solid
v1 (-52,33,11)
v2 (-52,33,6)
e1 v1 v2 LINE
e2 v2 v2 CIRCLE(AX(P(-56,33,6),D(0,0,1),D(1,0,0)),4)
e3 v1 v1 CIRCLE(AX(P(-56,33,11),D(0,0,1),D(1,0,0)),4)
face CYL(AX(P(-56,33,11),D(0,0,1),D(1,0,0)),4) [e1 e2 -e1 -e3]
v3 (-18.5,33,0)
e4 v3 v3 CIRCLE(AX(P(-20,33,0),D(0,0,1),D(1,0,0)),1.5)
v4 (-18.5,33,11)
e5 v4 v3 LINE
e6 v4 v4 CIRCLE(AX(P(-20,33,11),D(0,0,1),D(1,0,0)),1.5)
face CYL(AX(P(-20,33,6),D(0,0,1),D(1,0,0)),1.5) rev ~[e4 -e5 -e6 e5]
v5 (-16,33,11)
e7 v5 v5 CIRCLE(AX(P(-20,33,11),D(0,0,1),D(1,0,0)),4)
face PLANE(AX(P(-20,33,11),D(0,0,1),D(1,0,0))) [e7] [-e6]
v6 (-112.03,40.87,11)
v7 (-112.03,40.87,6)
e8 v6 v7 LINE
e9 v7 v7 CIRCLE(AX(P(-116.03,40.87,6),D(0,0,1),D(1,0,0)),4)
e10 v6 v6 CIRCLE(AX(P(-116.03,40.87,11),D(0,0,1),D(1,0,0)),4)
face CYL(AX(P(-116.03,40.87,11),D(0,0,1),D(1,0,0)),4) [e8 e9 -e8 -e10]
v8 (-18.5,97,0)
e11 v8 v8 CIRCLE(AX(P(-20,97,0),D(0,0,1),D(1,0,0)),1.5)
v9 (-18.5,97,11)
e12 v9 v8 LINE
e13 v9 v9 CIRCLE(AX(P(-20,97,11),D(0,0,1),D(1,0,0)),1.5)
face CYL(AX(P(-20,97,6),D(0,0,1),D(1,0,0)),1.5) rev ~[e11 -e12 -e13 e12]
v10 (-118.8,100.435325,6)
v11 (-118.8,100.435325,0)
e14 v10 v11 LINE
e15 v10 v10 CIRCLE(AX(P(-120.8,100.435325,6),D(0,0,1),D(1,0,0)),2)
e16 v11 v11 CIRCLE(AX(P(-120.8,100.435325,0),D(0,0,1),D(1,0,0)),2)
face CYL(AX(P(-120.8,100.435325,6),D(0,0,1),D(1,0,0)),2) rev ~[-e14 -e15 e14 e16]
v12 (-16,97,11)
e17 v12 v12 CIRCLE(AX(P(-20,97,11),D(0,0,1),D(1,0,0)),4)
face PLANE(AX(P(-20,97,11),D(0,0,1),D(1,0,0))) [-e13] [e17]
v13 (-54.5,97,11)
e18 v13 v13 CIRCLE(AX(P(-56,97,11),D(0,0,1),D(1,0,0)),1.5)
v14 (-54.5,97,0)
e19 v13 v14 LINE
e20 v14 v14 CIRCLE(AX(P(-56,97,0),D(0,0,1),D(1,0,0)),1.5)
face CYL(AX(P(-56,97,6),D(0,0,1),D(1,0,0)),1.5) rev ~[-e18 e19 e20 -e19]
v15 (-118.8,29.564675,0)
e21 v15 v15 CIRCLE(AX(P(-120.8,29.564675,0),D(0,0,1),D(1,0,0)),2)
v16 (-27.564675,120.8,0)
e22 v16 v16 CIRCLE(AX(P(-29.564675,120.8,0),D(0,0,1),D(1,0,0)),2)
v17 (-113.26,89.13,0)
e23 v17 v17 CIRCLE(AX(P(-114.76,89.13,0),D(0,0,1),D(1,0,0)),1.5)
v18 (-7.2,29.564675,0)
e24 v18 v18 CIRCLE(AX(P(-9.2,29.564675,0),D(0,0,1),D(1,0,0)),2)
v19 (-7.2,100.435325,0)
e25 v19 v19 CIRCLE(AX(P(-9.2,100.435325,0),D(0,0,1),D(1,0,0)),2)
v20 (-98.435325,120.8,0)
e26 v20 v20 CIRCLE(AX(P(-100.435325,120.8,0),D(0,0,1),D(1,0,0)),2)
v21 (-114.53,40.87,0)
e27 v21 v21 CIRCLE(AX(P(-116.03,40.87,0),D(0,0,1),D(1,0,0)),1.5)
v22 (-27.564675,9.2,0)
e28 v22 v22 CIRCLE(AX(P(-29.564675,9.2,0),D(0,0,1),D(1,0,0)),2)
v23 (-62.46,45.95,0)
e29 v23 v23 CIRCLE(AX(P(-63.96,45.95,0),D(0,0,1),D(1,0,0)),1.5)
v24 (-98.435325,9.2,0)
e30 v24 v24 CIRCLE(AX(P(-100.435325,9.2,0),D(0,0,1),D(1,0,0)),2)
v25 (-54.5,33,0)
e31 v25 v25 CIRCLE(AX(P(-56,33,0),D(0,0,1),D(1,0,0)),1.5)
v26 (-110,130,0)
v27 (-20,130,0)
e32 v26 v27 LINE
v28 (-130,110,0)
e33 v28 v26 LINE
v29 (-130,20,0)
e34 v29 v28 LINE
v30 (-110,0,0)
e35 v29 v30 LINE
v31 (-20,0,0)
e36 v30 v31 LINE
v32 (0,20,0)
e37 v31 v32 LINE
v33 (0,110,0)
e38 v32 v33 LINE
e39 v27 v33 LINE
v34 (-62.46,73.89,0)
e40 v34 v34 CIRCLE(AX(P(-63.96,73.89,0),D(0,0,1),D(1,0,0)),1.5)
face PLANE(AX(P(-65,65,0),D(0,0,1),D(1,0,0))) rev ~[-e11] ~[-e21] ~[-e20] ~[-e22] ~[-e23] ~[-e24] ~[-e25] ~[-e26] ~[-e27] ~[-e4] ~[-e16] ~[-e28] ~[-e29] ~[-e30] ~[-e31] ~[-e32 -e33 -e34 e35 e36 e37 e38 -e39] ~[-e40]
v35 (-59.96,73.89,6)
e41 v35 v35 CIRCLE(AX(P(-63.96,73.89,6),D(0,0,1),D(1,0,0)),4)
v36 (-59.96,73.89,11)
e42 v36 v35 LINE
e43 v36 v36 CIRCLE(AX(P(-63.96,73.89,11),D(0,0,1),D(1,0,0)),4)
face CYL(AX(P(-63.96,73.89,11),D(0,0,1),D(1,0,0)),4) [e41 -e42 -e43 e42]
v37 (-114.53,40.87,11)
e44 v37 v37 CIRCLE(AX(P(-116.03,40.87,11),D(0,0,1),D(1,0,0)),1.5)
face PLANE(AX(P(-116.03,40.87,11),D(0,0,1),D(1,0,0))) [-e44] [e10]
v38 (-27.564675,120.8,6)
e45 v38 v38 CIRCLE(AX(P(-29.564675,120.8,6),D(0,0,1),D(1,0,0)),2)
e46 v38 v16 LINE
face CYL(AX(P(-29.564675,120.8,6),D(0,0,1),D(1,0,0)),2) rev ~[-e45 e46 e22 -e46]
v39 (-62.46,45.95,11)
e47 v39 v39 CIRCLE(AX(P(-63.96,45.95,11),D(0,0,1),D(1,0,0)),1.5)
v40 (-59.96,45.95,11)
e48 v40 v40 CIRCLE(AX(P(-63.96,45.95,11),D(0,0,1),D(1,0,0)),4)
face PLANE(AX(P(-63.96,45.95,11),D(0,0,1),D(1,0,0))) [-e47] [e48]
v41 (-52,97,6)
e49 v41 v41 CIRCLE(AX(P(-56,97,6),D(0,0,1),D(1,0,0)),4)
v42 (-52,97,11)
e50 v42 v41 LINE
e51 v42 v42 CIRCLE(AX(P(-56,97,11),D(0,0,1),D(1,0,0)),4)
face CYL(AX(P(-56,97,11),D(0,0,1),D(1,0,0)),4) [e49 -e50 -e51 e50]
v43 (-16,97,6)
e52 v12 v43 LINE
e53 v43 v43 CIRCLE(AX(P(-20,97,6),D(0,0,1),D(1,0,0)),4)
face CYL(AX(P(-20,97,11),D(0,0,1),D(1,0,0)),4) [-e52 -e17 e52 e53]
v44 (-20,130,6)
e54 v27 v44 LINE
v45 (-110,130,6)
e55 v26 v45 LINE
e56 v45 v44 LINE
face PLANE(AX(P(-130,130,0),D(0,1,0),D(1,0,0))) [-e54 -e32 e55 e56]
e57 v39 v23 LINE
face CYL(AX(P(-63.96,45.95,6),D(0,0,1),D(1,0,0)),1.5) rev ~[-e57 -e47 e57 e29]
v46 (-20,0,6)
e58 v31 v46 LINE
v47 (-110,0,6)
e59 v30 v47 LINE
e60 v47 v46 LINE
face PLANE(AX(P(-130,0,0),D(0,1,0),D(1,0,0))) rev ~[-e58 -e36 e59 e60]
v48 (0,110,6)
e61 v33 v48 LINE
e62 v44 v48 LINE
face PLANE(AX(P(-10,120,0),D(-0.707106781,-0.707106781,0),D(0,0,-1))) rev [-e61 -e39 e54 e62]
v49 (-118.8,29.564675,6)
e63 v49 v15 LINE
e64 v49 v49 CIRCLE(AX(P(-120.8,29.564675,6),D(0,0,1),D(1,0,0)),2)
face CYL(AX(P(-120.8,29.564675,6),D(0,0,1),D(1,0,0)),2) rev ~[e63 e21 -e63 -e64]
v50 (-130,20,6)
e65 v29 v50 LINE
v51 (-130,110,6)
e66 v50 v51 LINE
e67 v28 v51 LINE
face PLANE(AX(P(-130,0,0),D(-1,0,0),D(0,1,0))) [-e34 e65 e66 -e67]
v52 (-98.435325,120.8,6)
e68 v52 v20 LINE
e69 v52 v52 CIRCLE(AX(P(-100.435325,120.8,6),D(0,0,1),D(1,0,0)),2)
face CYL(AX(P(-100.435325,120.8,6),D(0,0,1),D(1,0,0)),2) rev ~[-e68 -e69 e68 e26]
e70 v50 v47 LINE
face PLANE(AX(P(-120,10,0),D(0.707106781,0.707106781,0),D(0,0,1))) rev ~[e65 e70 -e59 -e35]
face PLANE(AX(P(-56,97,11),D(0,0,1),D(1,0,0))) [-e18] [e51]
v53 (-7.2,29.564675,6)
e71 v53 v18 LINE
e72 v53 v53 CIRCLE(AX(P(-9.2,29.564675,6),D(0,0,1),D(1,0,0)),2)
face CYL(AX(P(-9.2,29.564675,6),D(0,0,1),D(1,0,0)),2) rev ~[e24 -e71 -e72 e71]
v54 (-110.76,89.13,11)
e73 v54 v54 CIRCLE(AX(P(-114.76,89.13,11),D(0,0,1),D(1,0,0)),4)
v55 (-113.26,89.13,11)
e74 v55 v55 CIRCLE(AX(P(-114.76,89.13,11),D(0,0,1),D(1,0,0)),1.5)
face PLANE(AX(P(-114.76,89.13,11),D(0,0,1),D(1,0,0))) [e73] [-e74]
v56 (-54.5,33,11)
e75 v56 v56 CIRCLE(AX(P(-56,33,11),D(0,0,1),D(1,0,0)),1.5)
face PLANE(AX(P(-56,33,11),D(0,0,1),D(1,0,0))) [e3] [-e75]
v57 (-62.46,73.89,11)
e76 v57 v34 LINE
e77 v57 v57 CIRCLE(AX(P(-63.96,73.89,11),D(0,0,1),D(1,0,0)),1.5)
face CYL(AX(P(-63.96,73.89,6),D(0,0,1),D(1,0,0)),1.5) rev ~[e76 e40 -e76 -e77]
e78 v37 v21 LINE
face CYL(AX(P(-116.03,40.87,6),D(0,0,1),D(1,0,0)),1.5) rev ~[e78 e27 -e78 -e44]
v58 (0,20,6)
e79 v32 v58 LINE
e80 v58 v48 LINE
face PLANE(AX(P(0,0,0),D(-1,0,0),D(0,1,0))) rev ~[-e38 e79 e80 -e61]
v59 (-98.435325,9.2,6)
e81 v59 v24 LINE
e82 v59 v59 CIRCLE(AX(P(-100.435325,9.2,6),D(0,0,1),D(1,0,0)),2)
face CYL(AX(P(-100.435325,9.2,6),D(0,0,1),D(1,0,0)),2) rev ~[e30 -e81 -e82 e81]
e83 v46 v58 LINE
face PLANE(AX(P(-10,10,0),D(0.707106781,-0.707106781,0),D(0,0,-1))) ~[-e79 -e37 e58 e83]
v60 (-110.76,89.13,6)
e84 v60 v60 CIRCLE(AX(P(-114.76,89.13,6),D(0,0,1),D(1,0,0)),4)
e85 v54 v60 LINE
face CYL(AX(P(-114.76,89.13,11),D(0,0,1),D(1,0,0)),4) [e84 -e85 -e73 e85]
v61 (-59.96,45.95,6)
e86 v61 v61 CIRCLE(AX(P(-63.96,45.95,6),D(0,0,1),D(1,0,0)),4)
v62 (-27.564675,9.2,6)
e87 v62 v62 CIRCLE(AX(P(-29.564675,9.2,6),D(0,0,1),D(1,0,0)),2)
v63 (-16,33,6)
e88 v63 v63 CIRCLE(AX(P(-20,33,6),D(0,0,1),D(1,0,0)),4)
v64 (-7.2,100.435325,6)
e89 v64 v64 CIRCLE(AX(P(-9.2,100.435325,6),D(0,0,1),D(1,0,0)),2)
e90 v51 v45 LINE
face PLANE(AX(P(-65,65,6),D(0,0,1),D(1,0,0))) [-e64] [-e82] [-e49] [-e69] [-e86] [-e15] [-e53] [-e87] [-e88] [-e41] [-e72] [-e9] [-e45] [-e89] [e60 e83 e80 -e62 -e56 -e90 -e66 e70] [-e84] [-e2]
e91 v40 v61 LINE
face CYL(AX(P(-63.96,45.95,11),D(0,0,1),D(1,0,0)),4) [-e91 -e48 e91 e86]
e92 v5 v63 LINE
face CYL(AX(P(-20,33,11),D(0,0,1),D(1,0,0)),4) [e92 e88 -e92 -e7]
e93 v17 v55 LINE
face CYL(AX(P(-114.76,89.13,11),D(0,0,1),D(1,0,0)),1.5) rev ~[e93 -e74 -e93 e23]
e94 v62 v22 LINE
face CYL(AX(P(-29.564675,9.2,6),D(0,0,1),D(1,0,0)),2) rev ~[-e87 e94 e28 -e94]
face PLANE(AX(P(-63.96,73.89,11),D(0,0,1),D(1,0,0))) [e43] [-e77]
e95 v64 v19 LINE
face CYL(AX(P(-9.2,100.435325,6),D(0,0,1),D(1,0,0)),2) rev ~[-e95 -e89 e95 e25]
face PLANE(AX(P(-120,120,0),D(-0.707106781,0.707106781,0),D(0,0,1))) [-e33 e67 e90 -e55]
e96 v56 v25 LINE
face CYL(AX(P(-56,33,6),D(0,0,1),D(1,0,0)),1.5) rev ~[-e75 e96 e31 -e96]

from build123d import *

# Parameters (mm, degrees)
SKETCH_1_W          = 130
SKETCH_1_H          = 130
EXTRUDE_1_DEPTH     = 6
SKETCH_10_R         = 1.5
CUT_EXTRUDE_1_DEPTH = 6
CUT_EXTRUDE_2_REACH = 185.946
SKETCH_11_R         = 2
CHAMFER_1_SIZE      = 20
CUT_EXTRUDE_3_REACH = 185.946
SKETCH_12_R         = 1.5
EXTRUDE_START       = 5
SKETCH_13_R         = 4
SKETCH_13_R_2       = 1.5
EXTRUDE_2_DEPTH     = 5


with BuildPart() as part:
    # 草圖1 → 填料-伸長1 (new body)
    with BuildSketch(Plane.XY):
        with Locations((-65, 65)):
            Rectangle(SKETCH_1_W, SKETCH_1_H)
    extrude(amount=EXTRUDE_1_DEPTH)

    # 草圖10 → 除料-伸長1 (cut)
    with BuildSketch(Plane.XY.offset(6)):
        with Locations((-114.76, 89.13)):
            Circle(SKETCH_10_R)
        with Locations((-63.96, 73.89)):
            Circle(SKETCH_10_R)
        with Locations((-63.96, 45.95)):
            Circle(SKETCH_10_R)
        with Locations((-116.03, 40.87)):
            Circle(SKETCH_10_R)
    extrude(amount=-CUT_EXTRUDE_1_DEPTH, mode=Mode.SUBTRACT)

    # 草圖11 → 除料-伸長2 (cut, up to next)
    with BuildSketch(Plane.XY.offset(6), mode=Mode.PRIVATE) as cut_extrude_2_sk1:
        with Locations((-9.2, 100.435324702)):
            Circle(SKETCH_11_R)
    cut_extrude_2_tool1 = extrude(cut_extrude_2_sk1.sketch, amount=-CUT_EXTRUDE_2_REACH, mode=Mode.PRIVATE) & part.part
    # 草圖11 → 除料-伸長2 (cut, up to next)
    with BuildSketch(Plane.XY.offset(6), mode=Mode.PRIVATE) as cut_extrude_2_sk2:
        with Locations((-29.564675298, 120.8)):
            Circle(SKETCH_11_R)
    cut_extrude_2_tool2 = extrude(cut_extrude_2_sk2.sketch, amount=-CUT_EXTRUDE_2_REACH, mode=Mode.PRIVATE) & part.part
    # 草圖11 → 除料-伸長2 (cut, up to next)
    with BuildSketch(Plane.XY.offset(6), mode=Mode.PRIVATE) as cut_extrude_2_sk3:
        with Locations((-100.435324702, 120.8)):
            Circle(SKETCH_11_R)
    cut_extrude_2_tool3 = extrude(cut_extrude_2_sk3.sketch, amount=-CUT_EXTRUDE_2_REACH, mode=Mode.PRIVATE) & part.part
    # 草圖11 → 除料-伸長2 (cut, up to next)
    with BuildSketch(Plane.XY.offset(6), mode=Mode.PRIVATE) as cut_extrude_2_sk4:
        with Locations((-120.8, 100.435324702)):
            Circle(SKETCH_11_R)
    cut_extrude_2_tool4 = extrude(cut_extrude_2_sk4.sketch, amount=-CUT_EXTRUDE_2_REACH, mode=Mode.PRIVATE) & part.part
    # 草圖11 → 除料-伸長2 (cut, up to next)
    with BuildSketch(Plane.XY.offset(6), mode=Mode.PRIVATE) as cut_extrude_2_sk5:
        with Locations((-120.8, 29.564675298)):
            Circle(SKETCH_11_R)
    cut_extrude_2_tool5 = extrude(cut_extrude_2_sk5.sketch, amount=-CUT_EXTRUDE_2_REACH, mode=Mode.PRIVATE) & part.part
    # 草圖11 → 除料-伸長2 (cut, up to next)
    with BuildSketch(Plane.XY.offset(6), mode=Mode.PRIVATE) as cut_extrude_2_sk6:
        with Locations((-100.435324702, 9.2)):
            Circle(SKETCH_11_R)
    cut_extrude_2_tool6 = extrude(cut_extrude_2_sk6.sketch, amount=-CUT_EXTRUDE_2_REACH, mode=Mode.PRIVATE) & part.part
    # 草圖11 → 除料-伸長2 (cut, up to next)
    with BuildSketch(Plane.XY.offset(6), mode=Mode.PRIVATE) as cut_extrude_2_sk7:
        with Locations((-29.564675298, 9.2)):
            Circle(SKETCH_11_R)
    cut_extrude_2_tool7 = extrude(cut_extrude_2_sk7.sketch, amount=-CUT_EXTRUDE_2_REACH, mode=Mode.PRIVATE) & part.part
    # 草圖11 → 除料-伸長2 (cut, up to next)
    with BuildSketch(Plane.XY.offset(6), mode=Mode.PRIVATE) as cut_extrude_2_sk8:
        with Locations((-9.2, 29.564675298)):
            Circle(SKETCH_11_R)
    cut_extrude_2_tool8 = extrude(cut_extrude_2_sk8.sketch, amount=-CUT_EXTRUDE_2_REACH, mode=Mode.PRIVATE) & part.part
    add(cut_extrude_2_tool1.solids().sort_by_distance((-9.2, 100.435325, 6))[0], mode=Mode.SUBTRACT)
    add(cut_extrude_2_tool2.solids().sort_by_distance((-29.564675, 120.8, 6))[0], mode=Mode.SUBTRACT)
    add(cut_extrude_2_tool3.solids().sort_by_distance((-100.435325, 120.8, 6))[0], mode=Mode.SUBTRACT)
    add(cut_extrude_2_tool4.solids().sort_by_distance((-120.8, 100.435325, 6))[0], mode=Mode.SUBTRACT)
    add(cut_extrude_2_tool5.solids().sort_by_distance((-120.8, 29.564675, 6))[0], mode=Mode.SUBTRACT)
    add(cut_extrude_2_tool6.solids().sort_by_distance((-100.435325, 9.2, 6))[0], mode=Mode.SUBTRACT)
    add(cut_extrude_2_tool7.solids().sort_by_distance((-29.564675, 9.2, 6))[0], mode=Mode.SUBTRACT)
    add(cut_extrude_2_tool8.solids().sort_by_distance((-9.2, 29.564675, 6))[0], mode=Mode.SUBTRACT)

    # 導角1
    chamfer_1_edges = [part.edges().sort_by_distance(p)[0] for p in [
        (-130, 0, 3),
        (-130, 130, 3),
        (0, 130, 3),
        (0, 0, 3),
    ]]
    chamfer(chamfer_1_edges, length=CHAMFER_1_SIZE)

    # 草圖12 → 除料-伸長3 (cut, up to next)
    with BuildSketch(Plane.XY.offset(6), mode=Mode.PRIVATE) as cut_extrude_3_sk1:
        with Locations((-56, 97)):
            Circle(SKETCH_12_R)
    cut_extrude_3_tool1 = extrude(cut_extrude_3_sk1.sketch, amount=-CUT_EXTRUDE_3_REACH, mode=Mode.PRIVATE) & part.part
    # 草圖12 → 除料-伸長3 (cut, up to next)
    with BuildSketch(Plane.XY.offset(6), mode=Mode.PRIVATE) as cut_extrude_3_sk2:
        with Locations((-20, 97)):
            Circle(SKETCH_12_R)
    cut_extrude_3_tool2 = extrude(cut_extrude_3_sk2.sketch, amount=-CUT_EXTRUDE_3_REACH, mode=Mode.PRIVATE) & part.part
    # 草圖12 → 除料-伸長3 (cut, up to next)
    with BuildSketch(Plane.XY.offset(6), mode=Mode.PRIVATE) as cut_extrude_3_sk3:
        with Locations((-56, 33)):
            Circle(SKETCH_12_R)
    cut_extrude_3_tool3 = extrude(cut_extrude_3_sk3.sketch, amount=-CUT_EXTRUDE_3_REACH, mode=Mode.PRIVATE) & part.part
    # 草圖12 → 除料-伸長3 (cut, up to next)
    with BuildSketch(Plane.XY.offset(6), mode=Mode.PRIVATE) as cut_extrude_3_sk4:
        with Locations((-20, 33)):
            Circle(SKETCH_12_R)
    cut_extrude_3_tool4 = extrude(cut_extrude_3_sk4.sketch, amount=-CUT_EXTRUDE_3_REACH, mode=Mode.PRIVATE) & part.part
    add(cut_extrude_3_tool1.solids().sort_by_distance((-56, 97, 6))[0], mode=Mode.SUBTRACT)
    add(cut_extrude_3_tool2.solids().sort_by_distance((-20, 97, 6))[0], mode=Mode.SUBTRACT)
    add(cut_extrude_3_tool3.solids().sort_by_distance((-56, 33, 6))[0], mode=Mode.SUBTRACT)
    add(cut_extrude_3_tool4.solids().sort_by_distance((-20, 33, 6))[0], mode=Mode.SUBTRACT)

    # 草圖13 → 填料-伸長2 (add)
    # profile 1 of 8: a face of its own
    with BuildSketch(Plane.XY.offset(6).offset(EXTRUDE_START)):
        with Locations((-114.76, 89.13)):
            Circle(SKETCH_13_R)
        with Locations((-114.76, 89.13)):
            Circle(SKETCH_13_R_2, mode=Mode.SUBTRACT)
    # profile 2 of 8: a face of its own
    with BuildSketch(Plane.XY.offset(6).offset(EXTRUDE_START)):
        with Locations((-56, 97)):
            Circle(SKETCH_13_R)
        with Locations((-56, 97)):
            Circle(SKETCH_13_R_2, mode=Mode.SUBTRACT)
    # profile 3 of 8: a face of its own
    with BuildSketch(Plane.XY.offset(6).offset(EXTRUDE_START)):
        with Locations((-116.03, 40.87)):
            Circle(SKETCH_13_R)
        with Locations((-116.03, 40.87)):
            Circle(SKETCH_13_R_2, mode=Mode.SUBTRACT)
    # profile 4 of 8: a face of its own
    with BuildSketch(Plane.XY.offset(6).offset(EXTRUDE_START)):
        with Locations((-63.96, 73.89)):
            Circle(SKETCH_13_R)
        with Locations((-63.96, 73.89)):
            Circle(SKETCH_13_R_2, mode=Mode.SUBTRACT)
    # profile 5 of 8: a face of its own
    with BuildSketch(Plane.XY.offset(6).offset(EXTRUDE_START)):
        with Locations((-63.96, 45.95)):
            Circle(SKETCH_13_R)
        with Locations((-63.96, 45.95)):
            Circle(SKETCH_13_R_2, mode=Mode.SUBTRACT)
    # profile 6 of 8: a face of its own
    with BuildSketch(Plane.XY.offset(6).offset(EXTRUDE_START)):
        with Locations((-56, 33)):
            Circle(SKETCH_13_R)
        with Locations((-56, 33)):
            Circle(SKETCH_13_R_2, mode=Mode.SUBTRACT)
    # profile 7 of 8: a face of its own
    with BuildSketch(Plane.XY.offset(6).offset(EXTRUDE_START)):
        with Locations((-20, 33)):
            Circle(SKETCH_13_R)
        with Locations((-20, 33)):
            Circle(SKETCH_13_R_2, mode=Mode.SUBTRACT)
    # profile 8 of 8: a face of its own
    with BuildSketch(Plane.XY.offset(6).offset(EXTRUDE_START)):
        with Locations((-20, 97)):
            Circle(SKETCH_13_R)
        with Locations((-20, 97)):
            Circle(SKETCH_13_R_2, mode=Mode.SUBTRACT)
    extrude(amount=-EXTRUDE_2_DEPTH)


solid = part.part
